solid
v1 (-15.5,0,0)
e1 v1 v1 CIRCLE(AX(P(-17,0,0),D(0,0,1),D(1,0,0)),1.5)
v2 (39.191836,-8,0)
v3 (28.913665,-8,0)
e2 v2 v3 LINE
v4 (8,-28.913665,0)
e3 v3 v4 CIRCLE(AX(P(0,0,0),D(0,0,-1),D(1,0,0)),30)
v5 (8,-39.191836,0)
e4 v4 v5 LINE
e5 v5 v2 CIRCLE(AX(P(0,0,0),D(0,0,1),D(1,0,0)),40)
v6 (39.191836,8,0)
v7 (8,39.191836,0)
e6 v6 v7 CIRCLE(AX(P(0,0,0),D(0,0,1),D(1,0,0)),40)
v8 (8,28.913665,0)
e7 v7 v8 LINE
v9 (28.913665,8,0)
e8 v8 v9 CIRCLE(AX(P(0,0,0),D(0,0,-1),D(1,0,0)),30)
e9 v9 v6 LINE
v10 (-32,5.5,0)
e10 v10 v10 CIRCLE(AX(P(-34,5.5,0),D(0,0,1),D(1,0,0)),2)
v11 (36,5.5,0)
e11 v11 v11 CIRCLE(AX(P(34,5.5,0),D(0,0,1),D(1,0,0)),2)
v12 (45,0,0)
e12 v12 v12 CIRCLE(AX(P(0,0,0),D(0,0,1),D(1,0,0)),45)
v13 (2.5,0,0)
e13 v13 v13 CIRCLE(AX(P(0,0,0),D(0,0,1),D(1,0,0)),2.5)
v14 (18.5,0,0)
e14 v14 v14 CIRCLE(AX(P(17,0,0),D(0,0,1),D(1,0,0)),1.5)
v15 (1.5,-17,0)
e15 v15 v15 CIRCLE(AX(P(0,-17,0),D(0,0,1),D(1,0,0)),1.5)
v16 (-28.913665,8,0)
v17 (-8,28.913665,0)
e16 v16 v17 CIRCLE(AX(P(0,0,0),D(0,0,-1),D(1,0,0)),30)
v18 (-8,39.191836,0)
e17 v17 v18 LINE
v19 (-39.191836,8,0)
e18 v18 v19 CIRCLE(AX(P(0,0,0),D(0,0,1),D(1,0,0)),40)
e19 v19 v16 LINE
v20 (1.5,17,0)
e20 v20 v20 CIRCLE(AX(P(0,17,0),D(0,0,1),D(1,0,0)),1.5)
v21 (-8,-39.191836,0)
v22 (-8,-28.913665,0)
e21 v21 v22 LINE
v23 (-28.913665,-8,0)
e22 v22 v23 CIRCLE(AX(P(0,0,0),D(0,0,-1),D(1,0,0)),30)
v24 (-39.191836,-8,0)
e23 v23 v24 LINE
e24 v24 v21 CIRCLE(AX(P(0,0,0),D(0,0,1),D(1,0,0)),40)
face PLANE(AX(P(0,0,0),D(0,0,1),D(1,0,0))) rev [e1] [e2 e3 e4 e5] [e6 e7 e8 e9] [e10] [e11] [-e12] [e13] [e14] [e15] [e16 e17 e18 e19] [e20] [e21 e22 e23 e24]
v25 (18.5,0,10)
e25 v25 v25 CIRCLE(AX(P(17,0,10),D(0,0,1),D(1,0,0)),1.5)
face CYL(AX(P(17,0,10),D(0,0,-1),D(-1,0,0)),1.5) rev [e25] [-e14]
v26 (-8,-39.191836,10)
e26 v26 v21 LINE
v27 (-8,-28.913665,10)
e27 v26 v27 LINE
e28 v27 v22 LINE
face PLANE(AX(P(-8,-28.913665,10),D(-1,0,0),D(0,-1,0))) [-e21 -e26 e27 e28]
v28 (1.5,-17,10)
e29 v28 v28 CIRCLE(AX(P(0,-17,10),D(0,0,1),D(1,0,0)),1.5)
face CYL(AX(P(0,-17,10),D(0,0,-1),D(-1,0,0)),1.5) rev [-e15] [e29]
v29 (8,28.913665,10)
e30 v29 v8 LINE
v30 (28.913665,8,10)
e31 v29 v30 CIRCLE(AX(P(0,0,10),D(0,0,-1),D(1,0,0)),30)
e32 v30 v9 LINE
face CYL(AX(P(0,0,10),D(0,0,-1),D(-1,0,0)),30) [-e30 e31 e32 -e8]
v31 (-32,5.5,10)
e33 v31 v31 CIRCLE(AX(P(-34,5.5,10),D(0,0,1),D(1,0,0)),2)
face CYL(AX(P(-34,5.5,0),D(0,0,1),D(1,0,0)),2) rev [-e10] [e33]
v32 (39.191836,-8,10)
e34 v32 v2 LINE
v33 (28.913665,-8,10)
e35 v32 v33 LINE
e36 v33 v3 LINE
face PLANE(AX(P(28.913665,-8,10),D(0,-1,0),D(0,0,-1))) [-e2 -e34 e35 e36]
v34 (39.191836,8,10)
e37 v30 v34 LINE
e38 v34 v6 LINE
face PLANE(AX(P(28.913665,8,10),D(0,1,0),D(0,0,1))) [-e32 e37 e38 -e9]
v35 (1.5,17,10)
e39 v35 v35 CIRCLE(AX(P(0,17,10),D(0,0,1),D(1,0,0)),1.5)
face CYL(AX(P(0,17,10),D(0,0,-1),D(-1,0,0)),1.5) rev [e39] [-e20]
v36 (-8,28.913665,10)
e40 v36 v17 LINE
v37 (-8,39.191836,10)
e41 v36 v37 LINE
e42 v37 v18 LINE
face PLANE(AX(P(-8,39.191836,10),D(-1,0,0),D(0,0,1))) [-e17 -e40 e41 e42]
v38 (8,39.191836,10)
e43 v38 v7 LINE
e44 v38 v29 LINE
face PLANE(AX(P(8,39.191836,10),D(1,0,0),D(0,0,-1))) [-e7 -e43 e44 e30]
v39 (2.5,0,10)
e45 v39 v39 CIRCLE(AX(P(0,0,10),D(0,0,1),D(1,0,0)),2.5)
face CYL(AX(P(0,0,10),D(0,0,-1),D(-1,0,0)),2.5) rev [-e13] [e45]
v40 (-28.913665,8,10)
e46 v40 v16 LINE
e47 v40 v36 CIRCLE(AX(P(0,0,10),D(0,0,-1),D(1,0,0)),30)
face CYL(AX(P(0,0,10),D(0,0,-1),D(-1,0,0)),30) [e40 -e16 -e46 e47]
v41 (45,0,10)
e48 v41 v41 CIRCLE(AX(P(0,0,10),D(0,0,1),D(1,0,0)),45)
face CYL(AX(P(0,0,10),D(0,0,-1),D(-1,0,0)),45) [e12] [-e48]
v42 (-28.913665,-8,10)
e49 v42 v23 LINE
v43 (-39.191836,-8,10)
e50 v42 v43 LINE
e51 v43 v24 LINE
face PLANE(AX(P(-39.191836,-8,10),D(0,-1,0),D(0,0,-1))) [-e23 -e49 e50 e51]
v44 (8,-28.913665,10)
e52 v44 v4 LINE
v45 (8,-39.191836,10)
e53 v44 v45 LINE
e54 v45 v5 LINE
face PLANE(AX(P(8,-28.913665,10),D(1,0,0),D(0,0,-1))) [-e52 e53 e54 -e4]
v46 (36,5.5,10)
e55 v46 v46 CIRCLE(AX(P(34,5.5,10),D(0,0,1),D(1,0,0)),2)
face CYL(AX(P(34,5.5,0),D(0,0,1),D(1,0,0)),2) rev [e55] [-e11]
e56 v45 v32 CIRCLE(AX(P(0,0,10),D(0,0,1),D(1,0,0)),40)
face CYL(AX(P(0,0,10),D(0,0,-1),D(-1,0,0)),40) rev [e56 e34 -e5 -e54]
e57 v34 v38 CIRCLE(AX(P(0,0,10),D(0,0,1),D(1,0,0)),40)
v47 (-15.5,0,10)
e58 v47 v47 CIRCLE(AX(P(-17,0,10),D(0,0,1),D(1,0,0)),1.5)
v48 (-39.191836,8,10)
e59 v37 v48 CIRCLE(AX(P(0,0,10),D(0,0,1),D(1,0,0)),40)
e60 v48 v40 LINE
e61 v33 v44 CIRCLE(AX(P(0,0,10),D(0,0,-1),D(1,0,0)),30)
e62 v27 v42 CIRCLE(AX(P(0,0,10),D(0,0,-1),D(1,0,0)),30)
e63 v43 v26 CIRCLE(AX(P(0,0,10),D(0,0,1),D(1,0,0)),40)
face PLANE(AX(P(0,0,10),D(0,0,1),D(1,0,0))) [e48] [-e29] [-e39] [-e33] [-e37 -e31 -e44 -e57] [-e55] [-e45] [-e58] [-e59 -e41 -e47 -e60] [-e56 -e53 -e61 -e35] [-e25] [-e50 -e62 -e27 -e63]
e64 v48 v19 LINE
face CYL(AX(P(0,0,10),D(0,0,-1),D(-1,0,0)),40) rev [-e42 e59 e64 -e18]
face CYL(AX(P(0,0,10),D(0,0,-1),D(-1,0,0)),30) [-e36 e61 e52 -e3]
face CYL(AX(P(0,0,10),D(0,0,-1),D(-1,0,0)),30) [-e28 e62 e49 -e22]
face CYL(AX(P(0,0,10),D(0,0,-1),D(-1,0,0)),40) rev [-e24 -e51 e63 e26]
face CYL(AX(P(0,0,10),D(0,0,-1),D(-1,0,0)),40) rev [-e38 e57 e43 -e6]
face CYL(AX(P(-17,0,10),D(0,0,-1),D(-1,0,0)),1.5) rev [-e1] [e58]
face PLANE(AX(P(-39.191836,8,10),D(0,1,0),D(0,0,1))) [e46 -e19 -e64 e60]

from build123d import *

# Parameters (mm, degrees)
SKETCH1_R           = 45
SKETCH1_R_2         = 2.5
SKETCH1_R_3         = 1.5
BOSS_EXTRUDE1_DEPTH = 10
SKETCH3_R           = 2
CUT_EXTRUDE1_DEPTH  = 10


with BuildPart() as part:
    # Sketch1 → Boss-Extrude1 (new body)
    with BuildSketch(Plane.XY):
        Circle(SKETCH1_R)
        Circle(SKETCH1_R_2, mode=Mode.SUBTRACT)
        with Locations((0, 17)):
            Circle(SKETCH1_R_3, mode=Mode.SUBTRACT)
        with Locations((17, 0)):
            Circle(SKETCH1_R_3, mode=Mode.SUBTRACT)
        with Locations((0, -17)):
            Circle(SKETCH1_R_3, mode=Mode.SUBTRACT)
        with Locations((-17, 0)):
            Circle(SKETCH1_R_3, mode=Mode.SUBTRACT)
        with BuildLine():
            Line((28.91366459, 8), (39.191835885, 8))
            ThreePointArc((39.191835885, 8), (28.284271247, 28.284271247), (8, 39.191835885))
            Line((8, 39.191835885), (8, 28.91366459))
            ThreePointArc((8, 28.91366459), (21.213203436, 21.213203436), (28.91366459, 8))
        make_face(mode=Mode.SUBTRACT)
        with BuildLine():
            Line((28.91366459, -8), (39.191835885, -8))
            ThreePointArc((39.191835885, -8), (28.284271247, -28.284271247), (8, -39.191835885))
            Line((8, -39.191835885), (8, -28.91366459))
            ThreePointArc((8, -28.91366459), (21.213203436, -21.213203436), (28.91366459, -8))
        make_face(mode=Mode.SUBTRACT)
        with BuildLine():
            Line((-8, -28.91366459), (-8, -39.191835885))
            ThreePointArc((-8, -39.191835885), (-28.284271247, -28.284271247), (-39.191835885, -8))
            Line((-39.191835885, -8), (-28.91366459, -8))
            ThreePointArc((-28.91366459, -8), (-21.213203436, -21.213203436), (-8, -28.91366459))
        make_face(mode=Mode.SUBTRACT)
        with BuildLine():
            Line((-39.191835885, 8), (-28.91366459, 8))
            ThreePointArc((-28.91366459, 8), (-21.213203436, 21.213203436), (-8, 28.91366459))
            Line((-8, 28.91366459), (-8, 39.191835885))
            ThreePointArc((-8, 39.191835885), (-28.284271247, 28.284271247), (-39.191835885, 8))
        make_face(mode=Mode.SUBTRACT)
    extrude(amount=BOSS_EXTRUDE1_DEPTH)

    # Sketch3 → Cut-Extrude1 (cut)
    with BuildSketch(Plane.XY.offset(10)):
        with Locations((-34, 5.5)):
            Circle(SKETCH3_R)
        with Locations((34, 5.5)):
            Circle(SKETCH3_R)
    extrude(amount=-CUT_EXTRUDE1_DEPTH, mode=Mode.SUBTRACT)


solid = part.part
